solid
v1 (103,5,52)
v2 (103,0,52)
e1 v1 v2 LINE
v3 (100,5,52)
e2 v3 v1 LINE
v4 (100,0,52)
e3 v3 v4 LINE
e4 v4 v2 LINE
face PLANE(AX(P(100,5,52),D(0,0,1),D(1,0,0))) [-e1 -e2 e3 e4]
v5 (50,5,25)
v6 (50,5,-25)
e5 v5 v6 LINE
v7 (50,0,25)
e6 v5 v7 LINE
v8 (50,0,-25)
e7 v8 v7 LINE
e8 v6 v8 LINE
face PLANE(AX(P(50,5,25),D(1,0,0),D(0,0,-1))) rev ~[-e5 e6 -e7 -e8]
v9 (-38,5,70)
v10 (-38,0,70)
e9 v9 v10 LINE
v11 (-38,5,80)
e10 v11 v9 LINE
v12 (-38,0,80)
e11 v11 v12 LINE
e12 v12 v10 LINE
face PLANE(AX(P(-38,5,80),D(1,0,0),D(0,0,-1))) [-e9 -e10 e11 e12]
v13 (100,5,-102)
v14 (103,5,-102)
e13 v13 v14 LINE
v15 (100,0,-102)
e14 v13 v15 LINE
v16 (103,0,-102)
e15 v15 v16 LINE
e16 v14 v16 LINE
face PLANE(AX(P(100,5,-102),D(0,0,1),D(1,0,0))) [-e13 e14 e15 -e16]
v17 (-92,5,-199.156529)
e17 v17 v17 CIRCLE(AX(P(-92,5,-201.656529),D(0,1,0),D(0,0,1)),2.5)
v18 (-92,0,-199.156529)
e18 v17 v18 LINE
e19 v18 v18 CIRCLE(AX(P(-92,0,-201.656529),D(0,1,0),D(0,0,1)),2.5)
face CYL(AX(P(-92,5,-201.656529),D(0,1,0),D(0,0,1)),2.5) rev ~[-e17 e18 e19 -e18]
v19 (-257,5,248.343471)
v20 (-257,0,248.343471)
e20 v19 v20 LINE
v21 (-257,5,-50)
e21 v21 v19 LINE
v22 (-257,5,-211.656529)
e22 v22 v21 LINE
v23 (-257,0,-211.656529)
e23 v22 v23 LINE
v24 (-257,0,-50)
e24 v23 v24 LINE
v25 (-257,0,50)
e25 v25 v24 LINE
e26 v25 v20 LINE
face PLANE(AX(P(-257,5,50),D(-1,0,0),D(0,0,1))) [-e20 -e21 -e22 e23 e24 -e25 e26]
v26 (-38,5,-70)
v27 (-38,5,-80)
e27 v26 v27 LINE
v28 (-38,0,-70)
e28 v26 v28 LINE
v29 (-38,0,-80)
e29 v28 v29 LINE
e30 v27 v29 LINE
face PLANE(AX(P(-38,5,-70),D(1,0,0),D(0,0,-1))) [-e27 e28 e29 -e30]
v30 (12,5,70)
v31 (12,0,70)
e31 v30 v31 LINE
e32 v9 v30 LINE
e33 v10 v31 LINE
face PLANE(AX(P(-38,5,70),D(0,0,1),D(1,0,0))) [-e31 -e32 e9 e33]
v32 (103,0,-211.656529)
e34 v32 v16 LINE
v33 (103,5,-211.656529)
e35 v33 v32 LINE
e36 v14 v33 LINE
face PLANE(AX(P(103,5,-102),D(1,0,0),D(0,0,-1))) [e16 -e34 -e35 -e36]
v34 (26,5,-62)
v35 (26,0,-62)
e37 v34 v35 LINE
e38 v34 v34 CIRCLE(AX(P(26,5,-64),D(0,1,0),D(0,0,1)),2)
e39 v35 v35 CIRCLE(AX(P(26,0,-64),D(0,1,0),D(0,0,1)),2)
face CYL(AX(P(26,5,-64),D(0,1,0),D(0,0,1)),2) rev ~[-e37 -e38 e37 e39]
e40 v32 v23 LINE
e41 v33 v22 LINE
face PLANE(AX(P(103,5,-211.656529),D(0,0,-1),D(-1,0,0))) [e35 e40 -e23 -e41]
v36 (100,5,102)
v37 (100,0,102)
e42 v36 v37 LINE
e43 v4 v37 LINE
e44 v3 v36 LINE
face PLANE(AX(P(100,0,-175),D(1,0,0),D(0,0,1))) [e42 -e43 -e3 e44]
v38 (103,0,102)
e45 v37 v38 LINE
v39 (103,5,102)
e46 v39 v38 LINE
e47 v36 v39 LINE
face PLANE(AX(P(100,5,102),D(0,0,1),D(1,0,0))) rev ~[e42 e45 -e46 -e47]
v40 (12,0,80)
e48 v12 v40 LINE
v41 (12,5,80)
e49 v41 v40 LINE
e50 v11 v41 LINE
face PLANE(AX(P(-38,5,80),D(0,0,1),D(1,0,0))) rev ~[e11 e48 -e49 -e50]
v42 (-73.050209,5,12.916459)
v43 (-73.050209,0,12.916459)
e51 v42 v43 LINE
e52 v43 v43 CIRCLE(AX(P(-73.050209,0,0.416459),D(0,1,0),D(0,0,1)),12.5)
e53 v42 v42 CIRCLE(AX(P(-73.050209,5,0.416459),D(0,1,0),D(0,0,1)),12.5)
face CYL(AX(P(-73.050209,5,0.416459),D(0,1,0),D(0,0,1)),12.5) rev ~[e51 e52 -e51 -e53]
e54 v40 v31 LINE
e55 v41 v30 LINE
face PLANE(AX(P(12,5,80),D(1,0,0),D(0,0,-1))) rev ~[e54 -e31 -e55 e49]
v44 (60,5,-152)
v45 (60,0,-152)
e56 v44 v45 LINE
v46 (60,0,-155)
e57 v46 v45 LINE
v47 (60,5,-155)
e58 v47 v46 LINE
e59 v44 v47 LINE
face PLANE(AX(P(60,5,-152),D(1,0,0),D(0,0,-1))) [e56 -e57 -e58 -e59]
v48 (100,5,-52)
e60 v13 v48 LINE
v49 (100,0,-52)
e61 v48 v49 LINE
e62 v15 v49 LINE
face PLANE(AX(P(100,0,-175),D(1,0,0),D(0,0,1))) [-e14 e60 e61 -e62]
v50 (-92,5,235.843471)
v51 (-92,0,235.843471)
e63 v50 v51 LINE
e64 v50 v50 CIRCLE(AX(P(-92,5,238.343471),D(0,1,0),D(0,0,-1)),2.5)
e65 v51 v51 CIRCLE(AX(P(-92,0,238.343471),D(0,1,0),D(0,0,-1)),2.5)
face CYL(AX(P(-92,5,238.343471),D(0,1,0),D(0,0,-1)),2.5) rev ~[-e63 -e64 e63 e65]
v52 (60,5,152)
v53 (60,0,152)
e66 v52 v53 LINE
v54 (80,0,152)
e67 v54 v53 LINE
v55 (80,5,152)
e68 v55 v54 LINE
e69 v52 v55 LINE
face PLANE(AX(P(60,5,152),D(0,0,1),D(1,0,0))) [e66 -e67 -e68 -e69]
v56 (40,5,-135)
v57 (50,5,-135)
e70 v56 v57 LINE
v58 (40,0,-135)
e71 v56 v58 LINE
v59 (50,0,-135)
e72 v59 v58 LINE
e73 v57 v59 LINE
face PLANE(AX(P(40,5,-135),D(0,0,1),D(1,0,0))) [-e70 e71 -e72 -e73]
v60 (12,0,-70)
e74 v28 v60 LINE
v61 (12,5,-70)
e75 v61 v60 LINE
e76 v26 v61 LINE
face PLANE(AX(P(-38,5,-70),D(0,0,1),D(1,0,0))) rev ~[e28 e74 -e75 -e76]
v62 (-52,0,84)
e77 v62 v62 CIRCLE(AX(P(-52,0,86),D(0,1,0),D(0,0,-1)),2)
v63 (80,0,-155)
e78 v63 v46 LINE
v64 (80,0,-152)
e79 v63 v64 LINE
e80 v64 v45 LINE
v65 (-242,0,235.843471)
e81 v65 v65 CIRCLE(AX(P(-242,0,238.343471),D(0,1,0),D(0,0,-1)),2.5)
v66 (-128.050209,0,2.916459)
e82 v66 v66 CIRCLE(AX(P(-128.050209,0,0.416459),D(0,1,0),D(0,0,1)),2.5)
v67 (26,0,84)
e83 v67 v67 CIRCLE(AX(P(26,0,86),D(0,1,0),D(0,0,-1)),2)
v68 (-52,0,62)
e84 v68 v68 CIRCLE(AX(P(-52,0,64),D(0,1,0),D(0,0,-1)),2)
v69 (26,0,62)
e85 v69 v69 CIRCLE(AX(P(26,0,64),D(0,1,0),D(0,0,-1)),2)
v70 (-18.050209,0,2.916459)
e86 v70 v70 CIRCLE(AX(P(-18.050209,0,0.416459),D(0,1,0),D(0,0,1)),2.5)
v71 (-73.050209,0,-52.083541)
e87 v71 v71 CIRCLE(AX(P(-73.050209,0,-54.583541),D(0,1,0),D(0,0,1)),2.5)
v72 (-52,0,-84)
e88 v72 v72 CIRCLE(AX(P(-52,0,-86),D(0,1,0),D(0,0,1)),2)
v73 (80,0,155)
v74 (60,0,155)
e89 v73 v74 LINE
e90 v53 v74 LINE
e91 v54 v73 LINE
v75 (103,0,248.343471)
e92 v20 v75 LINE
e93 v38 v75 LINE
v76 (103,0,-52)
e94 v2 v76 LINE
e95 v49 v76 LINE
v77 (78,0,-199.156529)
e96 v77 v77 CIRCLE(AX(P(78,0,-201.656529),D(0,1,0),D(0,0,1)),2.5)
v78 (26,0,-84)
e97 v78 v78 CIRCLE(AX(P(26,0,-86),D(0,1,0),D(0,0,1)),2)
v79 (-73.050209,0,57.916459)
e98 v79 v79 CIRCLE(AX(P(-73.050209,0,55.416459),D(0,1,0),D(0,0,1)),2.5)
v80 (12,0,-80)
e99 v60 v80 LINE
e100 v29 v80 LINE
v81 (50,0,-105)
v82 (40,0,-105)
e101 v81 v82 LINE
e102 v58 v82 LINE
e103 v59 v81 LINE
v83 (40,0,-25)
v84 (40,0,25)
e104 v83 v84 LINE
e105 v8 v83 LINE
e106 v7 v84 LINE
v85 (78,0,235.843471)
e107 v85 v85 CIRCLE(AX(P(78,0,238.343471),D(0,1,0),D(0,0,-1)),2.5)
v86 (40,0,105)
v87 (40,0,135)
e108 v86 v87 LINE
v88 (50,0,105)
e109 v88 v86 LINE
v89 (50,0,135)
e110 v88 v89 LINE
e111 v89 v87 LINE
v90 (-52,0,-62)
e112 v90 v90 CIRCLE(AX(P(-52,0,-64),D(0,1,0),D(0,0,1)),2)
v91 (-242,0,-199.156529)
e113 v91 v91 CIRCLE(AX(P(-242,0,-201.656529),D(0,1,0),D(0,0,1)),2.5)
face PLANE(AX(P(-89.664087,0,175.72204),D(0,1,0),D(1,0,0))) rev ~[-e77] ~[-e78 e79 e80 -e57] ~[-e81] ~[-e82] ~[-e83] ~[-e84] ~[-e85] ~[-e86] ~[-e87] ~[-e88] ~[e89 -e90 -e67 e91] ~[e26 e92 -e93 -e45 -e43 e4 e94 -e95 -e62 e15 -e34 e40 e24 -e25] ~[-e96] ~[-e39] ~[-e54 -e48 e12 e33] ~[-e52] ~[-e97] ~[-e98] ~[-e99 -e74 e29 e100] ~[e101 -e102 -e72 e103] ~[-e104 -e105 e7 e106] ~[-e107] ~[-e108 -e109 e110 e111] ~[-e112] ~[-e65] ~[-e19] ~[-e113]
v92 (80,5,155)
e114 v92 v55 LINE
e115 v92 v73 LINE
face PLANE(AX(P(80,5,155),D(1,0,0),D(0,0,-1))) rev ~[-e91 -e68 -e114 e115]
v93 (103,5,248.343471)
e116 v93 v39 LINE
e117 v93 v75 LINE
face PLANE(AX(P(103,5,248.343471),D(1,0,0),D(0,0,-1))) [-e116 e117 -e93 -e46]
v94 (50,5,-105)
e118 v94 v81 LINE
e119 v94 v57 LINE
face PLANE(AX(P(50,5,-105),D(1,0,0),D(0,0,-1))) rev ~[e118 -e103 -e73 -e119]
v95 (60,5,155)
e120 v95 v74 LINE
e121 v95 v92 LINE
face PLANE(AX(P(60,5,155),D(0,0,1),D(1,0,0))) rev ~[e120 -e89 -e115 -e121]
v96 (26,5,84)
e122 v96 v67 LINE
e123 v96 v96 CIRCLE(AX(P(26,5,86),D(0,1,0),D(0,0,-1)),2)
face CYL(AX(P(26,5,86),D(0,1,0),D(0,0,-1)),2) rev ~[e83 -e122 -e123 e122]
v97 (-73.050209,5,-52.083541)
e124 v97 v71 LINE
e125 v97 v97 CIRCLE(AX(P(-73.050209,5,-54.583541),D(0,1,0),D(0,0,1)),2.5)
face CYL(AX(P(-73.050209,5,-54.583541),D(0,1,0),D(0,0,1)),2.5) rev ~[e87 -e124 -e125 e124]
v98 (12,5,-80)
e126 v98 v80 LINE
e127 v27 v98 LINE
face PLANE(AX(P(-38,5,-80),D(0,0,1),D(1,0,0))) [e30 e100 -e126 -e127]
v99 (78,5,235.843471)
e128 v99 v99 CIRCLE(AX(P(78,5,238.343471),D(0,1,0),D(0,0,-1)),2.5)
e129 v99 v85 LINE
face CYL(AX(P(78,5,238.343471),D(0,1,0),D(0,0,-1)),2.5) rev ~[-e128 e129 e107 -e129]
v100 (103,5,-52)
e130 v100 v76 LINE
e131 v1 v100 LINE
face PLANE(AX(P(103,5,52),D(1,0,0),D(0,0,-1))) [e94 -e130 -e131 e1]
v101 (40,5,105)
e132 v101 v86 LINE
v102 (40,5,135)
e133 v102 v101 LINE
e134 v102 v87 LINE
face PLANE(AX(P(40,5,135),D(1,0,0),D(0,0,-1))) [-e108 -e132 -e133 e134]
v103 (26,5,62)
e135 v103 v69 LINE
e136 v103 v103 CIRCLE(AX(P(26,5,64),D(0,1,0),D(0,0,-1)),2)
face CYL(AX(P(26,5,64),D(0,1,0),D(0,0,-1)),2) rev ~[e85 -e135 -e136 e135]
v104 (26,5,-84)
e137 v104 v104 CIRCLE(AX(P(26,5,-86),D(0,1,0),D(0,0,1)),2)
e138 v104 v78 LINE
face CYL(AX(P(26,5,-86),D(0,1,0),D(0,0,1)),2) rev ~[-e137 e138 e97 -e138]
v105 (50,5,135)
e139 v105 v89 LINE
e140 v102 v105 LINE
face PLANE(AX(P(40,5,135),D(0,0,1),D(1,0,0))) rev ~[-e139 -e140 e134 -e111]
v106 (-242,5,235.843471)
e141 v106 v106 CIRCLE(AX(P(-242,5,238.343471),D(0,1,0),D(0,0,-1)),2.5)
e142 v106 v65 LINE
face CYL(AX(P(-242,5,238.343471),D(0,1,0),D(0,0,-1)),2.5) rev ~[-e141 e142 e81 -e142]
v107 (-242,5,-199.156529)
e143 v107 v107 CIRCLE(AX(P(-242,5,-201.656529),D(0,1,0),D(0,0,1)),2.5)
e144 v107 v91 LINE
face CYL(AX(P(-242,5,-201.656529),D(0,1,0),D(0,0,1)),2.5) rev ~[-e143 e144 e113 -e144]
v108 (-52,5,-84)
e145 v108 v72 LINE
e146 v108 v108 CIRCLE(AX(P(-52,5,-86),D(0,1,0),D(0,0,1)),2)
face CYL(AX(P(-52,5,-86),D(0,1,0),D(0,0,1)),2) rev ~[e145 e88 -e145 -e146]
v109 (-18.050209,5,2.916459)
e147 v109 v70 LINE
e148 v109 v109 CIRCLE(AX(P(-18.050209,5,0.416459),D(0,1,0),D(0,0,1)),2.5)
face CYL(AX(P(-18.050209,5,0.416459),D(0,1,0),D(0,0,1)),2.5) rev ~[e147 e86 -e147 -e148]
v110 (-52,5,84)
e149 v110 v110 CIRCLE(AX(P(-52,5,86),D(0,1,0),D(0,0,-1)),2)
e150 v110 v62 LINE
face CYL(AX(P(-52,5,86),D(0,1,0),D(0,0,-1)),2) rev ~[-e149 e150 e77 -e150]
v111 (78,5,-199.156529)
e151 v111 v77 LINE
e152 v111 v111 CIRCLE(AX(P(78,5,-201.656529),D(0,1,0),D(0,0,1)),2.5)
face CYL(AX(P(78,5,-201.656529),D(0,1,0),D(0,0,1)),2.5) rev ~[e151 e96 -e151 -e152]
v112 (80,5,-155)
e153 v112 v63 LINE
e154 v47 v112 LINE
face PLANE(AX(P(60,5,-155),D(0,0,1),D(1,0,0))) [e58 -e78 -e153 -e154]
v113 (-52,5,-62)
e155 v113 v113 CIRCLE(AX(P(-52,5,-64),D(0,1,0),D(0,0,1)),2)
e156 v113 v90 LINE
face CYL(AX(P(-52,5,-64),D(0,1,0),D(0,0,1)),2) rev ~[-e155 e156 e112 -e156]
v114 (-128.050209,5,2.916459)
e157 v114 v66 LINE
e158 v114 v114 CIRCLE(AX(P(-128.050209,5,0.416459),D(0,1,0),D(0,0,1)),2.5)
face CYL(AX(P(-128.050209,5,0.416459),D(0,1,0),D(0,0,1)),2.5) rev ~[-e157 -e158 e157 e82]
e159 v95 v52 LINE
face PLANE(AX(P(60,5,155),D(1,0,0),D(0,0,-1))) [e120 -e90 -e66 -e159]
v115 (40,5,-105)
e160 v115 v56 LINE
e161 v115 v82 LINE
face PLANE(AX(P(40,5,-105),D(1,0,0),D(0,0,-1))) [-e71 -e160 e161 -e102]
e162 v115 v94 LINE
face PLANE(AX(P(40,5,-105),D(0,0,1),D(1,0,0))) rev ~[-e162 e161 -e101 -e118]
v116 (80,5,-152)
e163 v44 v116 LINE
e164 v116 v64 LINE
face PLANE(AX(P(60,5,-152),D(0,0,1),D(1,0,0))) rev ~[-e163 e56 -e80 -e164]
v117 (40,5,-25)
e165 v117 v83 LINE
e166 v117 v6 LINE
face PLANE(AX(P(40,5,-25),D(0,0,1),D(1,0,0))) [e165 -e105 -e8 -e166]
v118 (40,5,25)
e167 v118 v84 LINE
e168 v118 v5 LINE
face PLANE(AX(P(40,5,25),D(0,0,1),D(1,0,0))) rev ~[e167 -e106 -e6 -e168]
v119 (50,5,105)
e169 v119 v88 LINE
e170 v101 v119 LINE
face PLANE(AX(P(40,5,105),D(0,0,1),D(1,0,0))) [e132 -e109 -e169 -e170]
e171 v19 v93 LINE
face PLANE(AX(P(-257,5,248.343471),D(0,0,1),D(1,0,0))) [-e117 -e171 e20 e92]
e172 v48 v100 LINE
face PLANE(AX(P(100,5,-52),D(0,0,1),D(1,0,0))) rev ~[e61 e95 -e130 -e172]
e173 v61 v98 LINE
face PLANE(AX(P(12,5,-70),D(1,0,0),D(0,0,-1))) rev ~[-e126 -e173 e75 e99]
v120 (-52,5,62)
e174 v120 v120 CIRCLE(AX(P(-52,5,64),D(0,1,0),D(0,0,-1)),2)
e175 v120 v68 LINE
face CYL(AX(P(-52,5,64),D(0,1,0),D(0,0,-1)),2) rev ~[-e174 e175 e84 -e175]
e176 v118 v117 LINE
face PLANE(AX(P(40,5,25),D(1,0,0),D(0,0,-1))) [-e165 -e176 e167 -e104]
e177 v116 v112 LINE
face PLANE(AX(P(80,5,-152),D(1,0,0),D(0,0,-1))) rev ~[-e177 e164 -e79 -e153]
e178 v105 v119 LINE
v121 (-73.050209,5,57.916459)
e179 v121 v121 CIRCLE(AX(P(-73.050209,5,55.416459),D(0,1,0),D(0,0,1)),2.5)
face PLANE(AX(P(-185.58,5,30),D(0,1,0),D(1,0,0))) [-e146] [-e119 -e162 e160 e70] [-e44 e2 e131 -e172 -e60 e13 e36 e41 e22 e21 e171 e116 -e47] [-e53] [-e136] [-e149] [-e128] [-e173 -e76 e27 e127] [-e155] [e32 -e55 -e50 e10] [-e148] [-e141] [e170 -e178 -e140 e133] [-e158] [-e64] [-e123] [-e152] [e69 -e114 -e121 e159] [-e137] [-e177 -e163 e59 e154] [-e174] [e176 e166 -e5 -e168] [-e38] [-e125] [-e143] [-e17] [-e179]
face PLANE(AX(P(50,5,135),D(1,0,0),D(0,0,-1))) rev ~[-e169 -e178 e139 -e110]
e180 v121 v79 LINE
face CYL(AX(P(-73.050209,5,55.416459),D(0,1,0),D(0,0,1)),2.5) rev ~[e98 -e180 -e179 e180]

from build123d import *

# Parameters (mm, degrees)
EXTRUDE_1_DEPTH     = 5
SKETCH_2_W          = 20
SKETCH_2_H          = 3
SKETCH_2_W_2        = 10
SKETCH_2_H_2        = 30
SKETCH_2_H_3        = 50
CUT_EXTRUDE_1_DEPTH = 211.35683968
EXTRUDE_2_DEPTH     = 5
SKETCH_4_R          = 2
CUT_EXTRUDE_2_DEPTH = 620.212910153
SKETCH_6_W          = 3
SKETCH_6_H          = 50
SKETCH_6_H_2        = 104
EXTRUDE_3_DEPTH     = 5
EXTRUDE_4_DEPTH     = 5
SKETCH_8_R          = 2
SKETCH_8_W          = 50
SKETCH_8_H          = 10
CUT_EXTRUDE_3_DEPTH = 620.212910153
SKETCH_9_R          = 2
CUT_EXTRUDE_4_DEPTH = 620.212910153
SKETCH_10_R         = 7.5
CUT_EXTRUDE_5_DEPTH = 620.212910153
EXTRUDE_5_DEPTH     = 5
SKETCH_12_W         = 370.436309817
SKETCH_12_H         = 460
CUT_EXTRUDE_6_DEPTH = 641.99462376
SKETCH_15_R         = 2.5
SKETCH_15_R_2       = 12.5
CUT_EXTRUDE_7_DEPTH = 358.41919309
SKETCH_16_R         = 2
EXTRUDE_6_DEPTH     = 5


with BuildPart() as part:
    # 스케치1 → 보스-돌출1 (new body)
    with BuildSketch(Plane(origin=(0, 0, 0), x_dir=(1, 0, 0), z_dir=(0, 1, 0))):
        Polygon((-50, 175), (0, 175), (0, 185), (50, 185), (50, 175), (100, 175), (100, -175), (50, -175), (50, -185), (0, -185), (0, -175), (-50, -175), (-50, -185), (-100, -185), (-100, -175), (-100, 175), (-100, 185), (-50, 185), align=None)
    extrude(amount=EXTRUDE_1_DEPTH)

    # 스케치2 → 컷-돌출1 (cut, through all)
    with BuildSketch(Plane(origin=(0, 5, 0), x_dir=(1, 0, 0), z_dir=(0, 1, 0))):
        with Locations((70, 153.5)):
            Rectangle(SKETCH_2_W, SKETCH_2_H)
        with Locations((70, -153.5)):
            Rectangle(SKETCH_2_W, SKETCH_2_H)
        with Locations((45, 120)):
            Rectangle(SKETCH_2_W_2, SKETCH_2_H_2)
        with Locations((45, -120)):
            Rectangle(SKETCH_2_W_2, SKETCH_2_H_2)
        with Locations((45, 0)):
            Rectangle(SKETCH_2_W_2, SKETCH_2_H_3)
    extrude(amount=-CUT_EXTRUDE_1_DEPTH, mode=Mode.SUBTRACT)

    # 스케치3 → 보스-돌출2 (add)
    with BuildSketch(Plane(origin=(0, 5, 0), x_dir=(1, 0, 0), z_dir=(0, 1, 0))):
        Polygon((-540.91, 50), (-225, 50), (-100, 50), (-100, -50), (-225, -50), (-540.91, -50), (-540.91, -185), (-590.91, -185), (-590.91, 185), (-540.91, 185), align=None)
    extrude(amount=-EXTRUDE_2_DEPTH)

    # 스케치4 → 컷-돌출2 (cut, through all)
    with BuildSketch(Plane(origin=(0, 5, 0), x_dir=(1, 0, 0), z_dir=(0, 1, 0))):
        with Locations(Location((-578.91, 145, 0), (0, 0, 270))):
            Circle(SKETCH_4_R)
        with Locations(Location((-578.91, 95, 0), (0, 0, 270))):
            Circle(SKETCH_4_R)
        with Locations(Location((-566.91, 145, 0), (0, 0, 270))):
            Circle(SKETCH_4_R)
        with Locations(Location((-566.91, 95, 0), (0, 0, 270))):
            Circle(SKETCH_4_R)
        with Locations(Location((-578.91, -145, 0), (0, 0, 270))):
            Circle(SKETCH_4_R)
        with Locations(Location((-578.91, -95, 0), (0, 0, 270))):
            Circle(SKETCH_4_R)
        with Locations(Location((-566.91, -95, 0), (0, 0, 270))):
            Circle(SKETCH_4_R)
        with Locations(Location((-566.91, -145, 0), (0, 0, 270))):
            Circle(SKETCH_4_R)
    extrude(amount=-CUT_EXTRUDE_2_DEPTH, mode=Mode.SUBTRACT)

    # 스케치6 → 보스-돌출3 (add)
    with BuildSketch(Plane(origin=(0, 5, 0), x_dir=(1, 0, 0), z_dir=(0, 1, 0))):
        with Locations((101.5, -127)):
            Rectangle(SKETCH_6_W, SKETCH_6_H)
        with Locations((101.5, 127)):
            Rectangle(SKETCH_6_W, SKETCH_6_H)
        with Locations((101.5, 0)):
            Rectangle(SKETCH_6_W, SKETCH_6_H_2)
    extrude(amount=-EXTRUDE_3_DEPTH)

    # 스케치7 → 보스-돌출4 (add)
    with BuildSketch(Plane(origin=(0, 5, 0), x_dir=(1, 0, 0), z_dir=(0, 1, 0))):
        Polygon((-540.91, -185), (-537.91, -185), (-537.91, -92), (-495.91, -50), (-540.91, -50), align=None)
        Polygon((-537.91, 92), (-495.91, 50), (-540.91, 50), (-540.91, 185), (-537.91, 185), align=None)
        Polygon((-100, 95), (-145, 50), (-100, 50), align=None)
        Polygon((-100, -95), (-145, -50), (-100, -50), align=None)
    extrude(amount=-EXTRUDE_4_DEPTH)

    # 스케치8 → 컷-돌출3 (cut, through all)
    with BuildSketch(Plane(origin=(0, 5, 0), x_dir=(1, 0, 0), z_dir=(0, 1, 0))):
        with Locations(Location((-52, 86, 0), (0, 0, 270))):
            Circle(SKETCH_8_R)
        with Locations(Location((-52, 64, 0), (0, 0, 270))):
            Circle(SKETCH_8_R)
        with Locations(Location((26, 86, 0), (0, 0, 270))):
            Circle(SKETCH_8_R)
        with Locations(Location((26, 64, 0), (0, 0, 270))):
            Circle(SKETCH_8_R)
        with Locations(Location((-52, -86, 0), (0, 0, 90))):
            Circle(SKETCH_8_R)
        with Locations(Location((-52, -64, 0), (0, 0, 90))):
            Circle(SKETCH_8_R)
        with Locations(Location((26, -64, 0), (0, 0, 90))):
            Circle(SKETCH_8_R)
        with Locations(Location((26, -86, 0), (0, 0, 90))):
            Circle(SKETCH_8_R)
        with Locations((-13, 75)):
            Rectangle(SKETCH_8_W, SKETCH_8_H)
        with Locations((-13, -75)):
            Rectangle(SKETCH_8_W, SKETCH_8_H)
    extrude(amount=-CUT_EXTRUDE_3_DEPTH, mode=Mode.SUBTRACT)

    # 스케치9 → 컷-돌출4 (cut, through all)
    with BuildSketch(Plane(origin=(0, 5, 0), x_dir=(1, 0, 0), z_dir=(0, 1, 0))):
        with Locations(Location((-437.91, 30, 0), (0, 0, 270))):
            Circle(SKETCH_9_R)
        with Locations(Location((-235.58, 30, 0), (0, 0, 270))):
            Circle(SKETCH_9_R)
        with Locations(Location((-185.58, 30, 0), (0, 0, 270))):
            Circle(SKETCH_9_R)
        with Locations(Location((-185.58, -30, 0), (0, 0, 90))):
            Circle(SKETCH_9_R)
        with Locations(Location((-235.58, -30, 0), (0, 0, 90))):
            Circle(SKETCH_9_R)
        with Locations(Location((-437.91, -30, 0), (0, 0, 90))):
            Circle(SKETCH_9_R)
    extrude(amount=-CUT_EXTRUDE_4_DEPTH, mode=Mode.SUBTRACT)

    # 스케치10 → 컷-돌출5 (cut, through all)
    with BuildSketch(Plane(origin=(0, 5, 0), x_dir=(1, 0, 0), z_dir=(0, 1, 0))):
        with Locations(Location((-73, 0, 0), (0, 0, 270))):
            Circle(SKETCH_10_R)
    extrude(amount=-CUT_EXTRUDE_5_DEPTH, mode=Mode.SUBTRACT)

    # 스케치11 → 보스-돌출5 (add)
    with BuildSketch(Plane(origin=(0, 5, 0), x_dir=(1, 0, 0), z_dir=(0, 1, 0))):
        Polygon((-145, -50), (-257, -50), (-257, -248.343471002), (103, -248.343471002), (103, -152), (100, -152), (100, -175), (50, -175), (50, -185), (0, -185), (0, -175), (-50, -175), (-50, -185), (-100, -185), (-100, -95), align=None)
        Polygon((103, 152), (103, 211.656528998), (-257, 211.656528998), (-257, 50), (-145, 50), (-100, 95), (-100, 185), (-50, 185), (-50, 175), (0, 175), (0, 185), (50, 185), (50, 175), (100, 175), (100, 152), align=None)
    extrude(amount=-EXTRUDE_5_DEPTH)

    # 스케치12 → 컷-돌출6 (cut, through all)
    with BuildSketch(Plane(origin=(0, 5, 0), x_dir=(1, 0, 0), z_dir=(0, 1, 0))):
        with Locations((-442.218154909, -18.343471002)):
            Rectangle(SKETCH_12_W, SKETCH_12_H)
    extrude(amount=-CUT_EXTRUDE_6_DEPTH, mode=Mode.SUBTRACT)

    # 스케치15 → 컷-돌출7 (cut, through all)
    with BuildSketch(Plane(origin=(0, 5, 0), x_dir=(1, 0, 0), z_dir=(0, 1, 0))):
        with Locations(Location((-73.050208533, -55.416458765, 0), (0, 0, 270))):
            Circle(SKETCH_15_R)
        with Locations(Location((-128.050208533, -0.416458765, 0), (0, 0, 270))):
            Circle(SKETCH_15_R)
        with Locations(Location((-73.050208533, 54.583541235, 0), (0, 0, 270))):
            Circle(SKETCH_15_R)
        with Locations(Location((-18.050208533, -0.416458765, 0), (0, 0, 270))):
            Circle(SKETCH_15_R)
        with Locations(Location((-73.050208533, -0.416458765, 0), (0, 0, 270))):
            Circle(SKETCH_15_R_2)
        with Locations(Location((-242, 201.656528998, 0), (0, 0, 270))):
            Circle(SKETCH_15_R)
        with Locations(Location((-92, 201.656528998, 0), (0, 0, 270))):
            Circle(SKETCH_15_R)
        with Locations(Location((78, 201.656528998, 0), (0, 0, 270))):
            Circle(SKETCH_15_R)
        with Locations(Location((78, -238.343471002, 0), (0, 0, 90))):
            Circle(SKETCH_15_R)
        with Locations(Location((-92, -238.343471002, 0), (0, 0, 90))):
            Circle(SKETCH_15_R)
        with Locations(Location((-242, -238.343471002, 0), (0, 0, 90))):
            Circle(SKETCH_15_R)
    extrude(amount=-CUT_EXTRUDE_7_DEPTH, mode=Mode.SUBTRACT)

    # 스케치16 → 보스-돌출6 (add)
    with BuildSketch(Plane(origin=(0, 5, 0), x_dir=(1, 0, 0), z_dir=(0, 1, 0))):
        with Locations((-185.58, -30)):
            Circle(SKETCH_16_R)
        with Locations((-235.58, -30)):
            Circle(SKETCH_16_R)
        with Locations((-185.58, 30)):
            Circle(SKETCH_16_R)
        with Locations((-235.58, 30)):
            Circle(SKETCH_16_R)
    extrude(amount=-EXTRUDE_6_DEPTH)


solid = part.part
